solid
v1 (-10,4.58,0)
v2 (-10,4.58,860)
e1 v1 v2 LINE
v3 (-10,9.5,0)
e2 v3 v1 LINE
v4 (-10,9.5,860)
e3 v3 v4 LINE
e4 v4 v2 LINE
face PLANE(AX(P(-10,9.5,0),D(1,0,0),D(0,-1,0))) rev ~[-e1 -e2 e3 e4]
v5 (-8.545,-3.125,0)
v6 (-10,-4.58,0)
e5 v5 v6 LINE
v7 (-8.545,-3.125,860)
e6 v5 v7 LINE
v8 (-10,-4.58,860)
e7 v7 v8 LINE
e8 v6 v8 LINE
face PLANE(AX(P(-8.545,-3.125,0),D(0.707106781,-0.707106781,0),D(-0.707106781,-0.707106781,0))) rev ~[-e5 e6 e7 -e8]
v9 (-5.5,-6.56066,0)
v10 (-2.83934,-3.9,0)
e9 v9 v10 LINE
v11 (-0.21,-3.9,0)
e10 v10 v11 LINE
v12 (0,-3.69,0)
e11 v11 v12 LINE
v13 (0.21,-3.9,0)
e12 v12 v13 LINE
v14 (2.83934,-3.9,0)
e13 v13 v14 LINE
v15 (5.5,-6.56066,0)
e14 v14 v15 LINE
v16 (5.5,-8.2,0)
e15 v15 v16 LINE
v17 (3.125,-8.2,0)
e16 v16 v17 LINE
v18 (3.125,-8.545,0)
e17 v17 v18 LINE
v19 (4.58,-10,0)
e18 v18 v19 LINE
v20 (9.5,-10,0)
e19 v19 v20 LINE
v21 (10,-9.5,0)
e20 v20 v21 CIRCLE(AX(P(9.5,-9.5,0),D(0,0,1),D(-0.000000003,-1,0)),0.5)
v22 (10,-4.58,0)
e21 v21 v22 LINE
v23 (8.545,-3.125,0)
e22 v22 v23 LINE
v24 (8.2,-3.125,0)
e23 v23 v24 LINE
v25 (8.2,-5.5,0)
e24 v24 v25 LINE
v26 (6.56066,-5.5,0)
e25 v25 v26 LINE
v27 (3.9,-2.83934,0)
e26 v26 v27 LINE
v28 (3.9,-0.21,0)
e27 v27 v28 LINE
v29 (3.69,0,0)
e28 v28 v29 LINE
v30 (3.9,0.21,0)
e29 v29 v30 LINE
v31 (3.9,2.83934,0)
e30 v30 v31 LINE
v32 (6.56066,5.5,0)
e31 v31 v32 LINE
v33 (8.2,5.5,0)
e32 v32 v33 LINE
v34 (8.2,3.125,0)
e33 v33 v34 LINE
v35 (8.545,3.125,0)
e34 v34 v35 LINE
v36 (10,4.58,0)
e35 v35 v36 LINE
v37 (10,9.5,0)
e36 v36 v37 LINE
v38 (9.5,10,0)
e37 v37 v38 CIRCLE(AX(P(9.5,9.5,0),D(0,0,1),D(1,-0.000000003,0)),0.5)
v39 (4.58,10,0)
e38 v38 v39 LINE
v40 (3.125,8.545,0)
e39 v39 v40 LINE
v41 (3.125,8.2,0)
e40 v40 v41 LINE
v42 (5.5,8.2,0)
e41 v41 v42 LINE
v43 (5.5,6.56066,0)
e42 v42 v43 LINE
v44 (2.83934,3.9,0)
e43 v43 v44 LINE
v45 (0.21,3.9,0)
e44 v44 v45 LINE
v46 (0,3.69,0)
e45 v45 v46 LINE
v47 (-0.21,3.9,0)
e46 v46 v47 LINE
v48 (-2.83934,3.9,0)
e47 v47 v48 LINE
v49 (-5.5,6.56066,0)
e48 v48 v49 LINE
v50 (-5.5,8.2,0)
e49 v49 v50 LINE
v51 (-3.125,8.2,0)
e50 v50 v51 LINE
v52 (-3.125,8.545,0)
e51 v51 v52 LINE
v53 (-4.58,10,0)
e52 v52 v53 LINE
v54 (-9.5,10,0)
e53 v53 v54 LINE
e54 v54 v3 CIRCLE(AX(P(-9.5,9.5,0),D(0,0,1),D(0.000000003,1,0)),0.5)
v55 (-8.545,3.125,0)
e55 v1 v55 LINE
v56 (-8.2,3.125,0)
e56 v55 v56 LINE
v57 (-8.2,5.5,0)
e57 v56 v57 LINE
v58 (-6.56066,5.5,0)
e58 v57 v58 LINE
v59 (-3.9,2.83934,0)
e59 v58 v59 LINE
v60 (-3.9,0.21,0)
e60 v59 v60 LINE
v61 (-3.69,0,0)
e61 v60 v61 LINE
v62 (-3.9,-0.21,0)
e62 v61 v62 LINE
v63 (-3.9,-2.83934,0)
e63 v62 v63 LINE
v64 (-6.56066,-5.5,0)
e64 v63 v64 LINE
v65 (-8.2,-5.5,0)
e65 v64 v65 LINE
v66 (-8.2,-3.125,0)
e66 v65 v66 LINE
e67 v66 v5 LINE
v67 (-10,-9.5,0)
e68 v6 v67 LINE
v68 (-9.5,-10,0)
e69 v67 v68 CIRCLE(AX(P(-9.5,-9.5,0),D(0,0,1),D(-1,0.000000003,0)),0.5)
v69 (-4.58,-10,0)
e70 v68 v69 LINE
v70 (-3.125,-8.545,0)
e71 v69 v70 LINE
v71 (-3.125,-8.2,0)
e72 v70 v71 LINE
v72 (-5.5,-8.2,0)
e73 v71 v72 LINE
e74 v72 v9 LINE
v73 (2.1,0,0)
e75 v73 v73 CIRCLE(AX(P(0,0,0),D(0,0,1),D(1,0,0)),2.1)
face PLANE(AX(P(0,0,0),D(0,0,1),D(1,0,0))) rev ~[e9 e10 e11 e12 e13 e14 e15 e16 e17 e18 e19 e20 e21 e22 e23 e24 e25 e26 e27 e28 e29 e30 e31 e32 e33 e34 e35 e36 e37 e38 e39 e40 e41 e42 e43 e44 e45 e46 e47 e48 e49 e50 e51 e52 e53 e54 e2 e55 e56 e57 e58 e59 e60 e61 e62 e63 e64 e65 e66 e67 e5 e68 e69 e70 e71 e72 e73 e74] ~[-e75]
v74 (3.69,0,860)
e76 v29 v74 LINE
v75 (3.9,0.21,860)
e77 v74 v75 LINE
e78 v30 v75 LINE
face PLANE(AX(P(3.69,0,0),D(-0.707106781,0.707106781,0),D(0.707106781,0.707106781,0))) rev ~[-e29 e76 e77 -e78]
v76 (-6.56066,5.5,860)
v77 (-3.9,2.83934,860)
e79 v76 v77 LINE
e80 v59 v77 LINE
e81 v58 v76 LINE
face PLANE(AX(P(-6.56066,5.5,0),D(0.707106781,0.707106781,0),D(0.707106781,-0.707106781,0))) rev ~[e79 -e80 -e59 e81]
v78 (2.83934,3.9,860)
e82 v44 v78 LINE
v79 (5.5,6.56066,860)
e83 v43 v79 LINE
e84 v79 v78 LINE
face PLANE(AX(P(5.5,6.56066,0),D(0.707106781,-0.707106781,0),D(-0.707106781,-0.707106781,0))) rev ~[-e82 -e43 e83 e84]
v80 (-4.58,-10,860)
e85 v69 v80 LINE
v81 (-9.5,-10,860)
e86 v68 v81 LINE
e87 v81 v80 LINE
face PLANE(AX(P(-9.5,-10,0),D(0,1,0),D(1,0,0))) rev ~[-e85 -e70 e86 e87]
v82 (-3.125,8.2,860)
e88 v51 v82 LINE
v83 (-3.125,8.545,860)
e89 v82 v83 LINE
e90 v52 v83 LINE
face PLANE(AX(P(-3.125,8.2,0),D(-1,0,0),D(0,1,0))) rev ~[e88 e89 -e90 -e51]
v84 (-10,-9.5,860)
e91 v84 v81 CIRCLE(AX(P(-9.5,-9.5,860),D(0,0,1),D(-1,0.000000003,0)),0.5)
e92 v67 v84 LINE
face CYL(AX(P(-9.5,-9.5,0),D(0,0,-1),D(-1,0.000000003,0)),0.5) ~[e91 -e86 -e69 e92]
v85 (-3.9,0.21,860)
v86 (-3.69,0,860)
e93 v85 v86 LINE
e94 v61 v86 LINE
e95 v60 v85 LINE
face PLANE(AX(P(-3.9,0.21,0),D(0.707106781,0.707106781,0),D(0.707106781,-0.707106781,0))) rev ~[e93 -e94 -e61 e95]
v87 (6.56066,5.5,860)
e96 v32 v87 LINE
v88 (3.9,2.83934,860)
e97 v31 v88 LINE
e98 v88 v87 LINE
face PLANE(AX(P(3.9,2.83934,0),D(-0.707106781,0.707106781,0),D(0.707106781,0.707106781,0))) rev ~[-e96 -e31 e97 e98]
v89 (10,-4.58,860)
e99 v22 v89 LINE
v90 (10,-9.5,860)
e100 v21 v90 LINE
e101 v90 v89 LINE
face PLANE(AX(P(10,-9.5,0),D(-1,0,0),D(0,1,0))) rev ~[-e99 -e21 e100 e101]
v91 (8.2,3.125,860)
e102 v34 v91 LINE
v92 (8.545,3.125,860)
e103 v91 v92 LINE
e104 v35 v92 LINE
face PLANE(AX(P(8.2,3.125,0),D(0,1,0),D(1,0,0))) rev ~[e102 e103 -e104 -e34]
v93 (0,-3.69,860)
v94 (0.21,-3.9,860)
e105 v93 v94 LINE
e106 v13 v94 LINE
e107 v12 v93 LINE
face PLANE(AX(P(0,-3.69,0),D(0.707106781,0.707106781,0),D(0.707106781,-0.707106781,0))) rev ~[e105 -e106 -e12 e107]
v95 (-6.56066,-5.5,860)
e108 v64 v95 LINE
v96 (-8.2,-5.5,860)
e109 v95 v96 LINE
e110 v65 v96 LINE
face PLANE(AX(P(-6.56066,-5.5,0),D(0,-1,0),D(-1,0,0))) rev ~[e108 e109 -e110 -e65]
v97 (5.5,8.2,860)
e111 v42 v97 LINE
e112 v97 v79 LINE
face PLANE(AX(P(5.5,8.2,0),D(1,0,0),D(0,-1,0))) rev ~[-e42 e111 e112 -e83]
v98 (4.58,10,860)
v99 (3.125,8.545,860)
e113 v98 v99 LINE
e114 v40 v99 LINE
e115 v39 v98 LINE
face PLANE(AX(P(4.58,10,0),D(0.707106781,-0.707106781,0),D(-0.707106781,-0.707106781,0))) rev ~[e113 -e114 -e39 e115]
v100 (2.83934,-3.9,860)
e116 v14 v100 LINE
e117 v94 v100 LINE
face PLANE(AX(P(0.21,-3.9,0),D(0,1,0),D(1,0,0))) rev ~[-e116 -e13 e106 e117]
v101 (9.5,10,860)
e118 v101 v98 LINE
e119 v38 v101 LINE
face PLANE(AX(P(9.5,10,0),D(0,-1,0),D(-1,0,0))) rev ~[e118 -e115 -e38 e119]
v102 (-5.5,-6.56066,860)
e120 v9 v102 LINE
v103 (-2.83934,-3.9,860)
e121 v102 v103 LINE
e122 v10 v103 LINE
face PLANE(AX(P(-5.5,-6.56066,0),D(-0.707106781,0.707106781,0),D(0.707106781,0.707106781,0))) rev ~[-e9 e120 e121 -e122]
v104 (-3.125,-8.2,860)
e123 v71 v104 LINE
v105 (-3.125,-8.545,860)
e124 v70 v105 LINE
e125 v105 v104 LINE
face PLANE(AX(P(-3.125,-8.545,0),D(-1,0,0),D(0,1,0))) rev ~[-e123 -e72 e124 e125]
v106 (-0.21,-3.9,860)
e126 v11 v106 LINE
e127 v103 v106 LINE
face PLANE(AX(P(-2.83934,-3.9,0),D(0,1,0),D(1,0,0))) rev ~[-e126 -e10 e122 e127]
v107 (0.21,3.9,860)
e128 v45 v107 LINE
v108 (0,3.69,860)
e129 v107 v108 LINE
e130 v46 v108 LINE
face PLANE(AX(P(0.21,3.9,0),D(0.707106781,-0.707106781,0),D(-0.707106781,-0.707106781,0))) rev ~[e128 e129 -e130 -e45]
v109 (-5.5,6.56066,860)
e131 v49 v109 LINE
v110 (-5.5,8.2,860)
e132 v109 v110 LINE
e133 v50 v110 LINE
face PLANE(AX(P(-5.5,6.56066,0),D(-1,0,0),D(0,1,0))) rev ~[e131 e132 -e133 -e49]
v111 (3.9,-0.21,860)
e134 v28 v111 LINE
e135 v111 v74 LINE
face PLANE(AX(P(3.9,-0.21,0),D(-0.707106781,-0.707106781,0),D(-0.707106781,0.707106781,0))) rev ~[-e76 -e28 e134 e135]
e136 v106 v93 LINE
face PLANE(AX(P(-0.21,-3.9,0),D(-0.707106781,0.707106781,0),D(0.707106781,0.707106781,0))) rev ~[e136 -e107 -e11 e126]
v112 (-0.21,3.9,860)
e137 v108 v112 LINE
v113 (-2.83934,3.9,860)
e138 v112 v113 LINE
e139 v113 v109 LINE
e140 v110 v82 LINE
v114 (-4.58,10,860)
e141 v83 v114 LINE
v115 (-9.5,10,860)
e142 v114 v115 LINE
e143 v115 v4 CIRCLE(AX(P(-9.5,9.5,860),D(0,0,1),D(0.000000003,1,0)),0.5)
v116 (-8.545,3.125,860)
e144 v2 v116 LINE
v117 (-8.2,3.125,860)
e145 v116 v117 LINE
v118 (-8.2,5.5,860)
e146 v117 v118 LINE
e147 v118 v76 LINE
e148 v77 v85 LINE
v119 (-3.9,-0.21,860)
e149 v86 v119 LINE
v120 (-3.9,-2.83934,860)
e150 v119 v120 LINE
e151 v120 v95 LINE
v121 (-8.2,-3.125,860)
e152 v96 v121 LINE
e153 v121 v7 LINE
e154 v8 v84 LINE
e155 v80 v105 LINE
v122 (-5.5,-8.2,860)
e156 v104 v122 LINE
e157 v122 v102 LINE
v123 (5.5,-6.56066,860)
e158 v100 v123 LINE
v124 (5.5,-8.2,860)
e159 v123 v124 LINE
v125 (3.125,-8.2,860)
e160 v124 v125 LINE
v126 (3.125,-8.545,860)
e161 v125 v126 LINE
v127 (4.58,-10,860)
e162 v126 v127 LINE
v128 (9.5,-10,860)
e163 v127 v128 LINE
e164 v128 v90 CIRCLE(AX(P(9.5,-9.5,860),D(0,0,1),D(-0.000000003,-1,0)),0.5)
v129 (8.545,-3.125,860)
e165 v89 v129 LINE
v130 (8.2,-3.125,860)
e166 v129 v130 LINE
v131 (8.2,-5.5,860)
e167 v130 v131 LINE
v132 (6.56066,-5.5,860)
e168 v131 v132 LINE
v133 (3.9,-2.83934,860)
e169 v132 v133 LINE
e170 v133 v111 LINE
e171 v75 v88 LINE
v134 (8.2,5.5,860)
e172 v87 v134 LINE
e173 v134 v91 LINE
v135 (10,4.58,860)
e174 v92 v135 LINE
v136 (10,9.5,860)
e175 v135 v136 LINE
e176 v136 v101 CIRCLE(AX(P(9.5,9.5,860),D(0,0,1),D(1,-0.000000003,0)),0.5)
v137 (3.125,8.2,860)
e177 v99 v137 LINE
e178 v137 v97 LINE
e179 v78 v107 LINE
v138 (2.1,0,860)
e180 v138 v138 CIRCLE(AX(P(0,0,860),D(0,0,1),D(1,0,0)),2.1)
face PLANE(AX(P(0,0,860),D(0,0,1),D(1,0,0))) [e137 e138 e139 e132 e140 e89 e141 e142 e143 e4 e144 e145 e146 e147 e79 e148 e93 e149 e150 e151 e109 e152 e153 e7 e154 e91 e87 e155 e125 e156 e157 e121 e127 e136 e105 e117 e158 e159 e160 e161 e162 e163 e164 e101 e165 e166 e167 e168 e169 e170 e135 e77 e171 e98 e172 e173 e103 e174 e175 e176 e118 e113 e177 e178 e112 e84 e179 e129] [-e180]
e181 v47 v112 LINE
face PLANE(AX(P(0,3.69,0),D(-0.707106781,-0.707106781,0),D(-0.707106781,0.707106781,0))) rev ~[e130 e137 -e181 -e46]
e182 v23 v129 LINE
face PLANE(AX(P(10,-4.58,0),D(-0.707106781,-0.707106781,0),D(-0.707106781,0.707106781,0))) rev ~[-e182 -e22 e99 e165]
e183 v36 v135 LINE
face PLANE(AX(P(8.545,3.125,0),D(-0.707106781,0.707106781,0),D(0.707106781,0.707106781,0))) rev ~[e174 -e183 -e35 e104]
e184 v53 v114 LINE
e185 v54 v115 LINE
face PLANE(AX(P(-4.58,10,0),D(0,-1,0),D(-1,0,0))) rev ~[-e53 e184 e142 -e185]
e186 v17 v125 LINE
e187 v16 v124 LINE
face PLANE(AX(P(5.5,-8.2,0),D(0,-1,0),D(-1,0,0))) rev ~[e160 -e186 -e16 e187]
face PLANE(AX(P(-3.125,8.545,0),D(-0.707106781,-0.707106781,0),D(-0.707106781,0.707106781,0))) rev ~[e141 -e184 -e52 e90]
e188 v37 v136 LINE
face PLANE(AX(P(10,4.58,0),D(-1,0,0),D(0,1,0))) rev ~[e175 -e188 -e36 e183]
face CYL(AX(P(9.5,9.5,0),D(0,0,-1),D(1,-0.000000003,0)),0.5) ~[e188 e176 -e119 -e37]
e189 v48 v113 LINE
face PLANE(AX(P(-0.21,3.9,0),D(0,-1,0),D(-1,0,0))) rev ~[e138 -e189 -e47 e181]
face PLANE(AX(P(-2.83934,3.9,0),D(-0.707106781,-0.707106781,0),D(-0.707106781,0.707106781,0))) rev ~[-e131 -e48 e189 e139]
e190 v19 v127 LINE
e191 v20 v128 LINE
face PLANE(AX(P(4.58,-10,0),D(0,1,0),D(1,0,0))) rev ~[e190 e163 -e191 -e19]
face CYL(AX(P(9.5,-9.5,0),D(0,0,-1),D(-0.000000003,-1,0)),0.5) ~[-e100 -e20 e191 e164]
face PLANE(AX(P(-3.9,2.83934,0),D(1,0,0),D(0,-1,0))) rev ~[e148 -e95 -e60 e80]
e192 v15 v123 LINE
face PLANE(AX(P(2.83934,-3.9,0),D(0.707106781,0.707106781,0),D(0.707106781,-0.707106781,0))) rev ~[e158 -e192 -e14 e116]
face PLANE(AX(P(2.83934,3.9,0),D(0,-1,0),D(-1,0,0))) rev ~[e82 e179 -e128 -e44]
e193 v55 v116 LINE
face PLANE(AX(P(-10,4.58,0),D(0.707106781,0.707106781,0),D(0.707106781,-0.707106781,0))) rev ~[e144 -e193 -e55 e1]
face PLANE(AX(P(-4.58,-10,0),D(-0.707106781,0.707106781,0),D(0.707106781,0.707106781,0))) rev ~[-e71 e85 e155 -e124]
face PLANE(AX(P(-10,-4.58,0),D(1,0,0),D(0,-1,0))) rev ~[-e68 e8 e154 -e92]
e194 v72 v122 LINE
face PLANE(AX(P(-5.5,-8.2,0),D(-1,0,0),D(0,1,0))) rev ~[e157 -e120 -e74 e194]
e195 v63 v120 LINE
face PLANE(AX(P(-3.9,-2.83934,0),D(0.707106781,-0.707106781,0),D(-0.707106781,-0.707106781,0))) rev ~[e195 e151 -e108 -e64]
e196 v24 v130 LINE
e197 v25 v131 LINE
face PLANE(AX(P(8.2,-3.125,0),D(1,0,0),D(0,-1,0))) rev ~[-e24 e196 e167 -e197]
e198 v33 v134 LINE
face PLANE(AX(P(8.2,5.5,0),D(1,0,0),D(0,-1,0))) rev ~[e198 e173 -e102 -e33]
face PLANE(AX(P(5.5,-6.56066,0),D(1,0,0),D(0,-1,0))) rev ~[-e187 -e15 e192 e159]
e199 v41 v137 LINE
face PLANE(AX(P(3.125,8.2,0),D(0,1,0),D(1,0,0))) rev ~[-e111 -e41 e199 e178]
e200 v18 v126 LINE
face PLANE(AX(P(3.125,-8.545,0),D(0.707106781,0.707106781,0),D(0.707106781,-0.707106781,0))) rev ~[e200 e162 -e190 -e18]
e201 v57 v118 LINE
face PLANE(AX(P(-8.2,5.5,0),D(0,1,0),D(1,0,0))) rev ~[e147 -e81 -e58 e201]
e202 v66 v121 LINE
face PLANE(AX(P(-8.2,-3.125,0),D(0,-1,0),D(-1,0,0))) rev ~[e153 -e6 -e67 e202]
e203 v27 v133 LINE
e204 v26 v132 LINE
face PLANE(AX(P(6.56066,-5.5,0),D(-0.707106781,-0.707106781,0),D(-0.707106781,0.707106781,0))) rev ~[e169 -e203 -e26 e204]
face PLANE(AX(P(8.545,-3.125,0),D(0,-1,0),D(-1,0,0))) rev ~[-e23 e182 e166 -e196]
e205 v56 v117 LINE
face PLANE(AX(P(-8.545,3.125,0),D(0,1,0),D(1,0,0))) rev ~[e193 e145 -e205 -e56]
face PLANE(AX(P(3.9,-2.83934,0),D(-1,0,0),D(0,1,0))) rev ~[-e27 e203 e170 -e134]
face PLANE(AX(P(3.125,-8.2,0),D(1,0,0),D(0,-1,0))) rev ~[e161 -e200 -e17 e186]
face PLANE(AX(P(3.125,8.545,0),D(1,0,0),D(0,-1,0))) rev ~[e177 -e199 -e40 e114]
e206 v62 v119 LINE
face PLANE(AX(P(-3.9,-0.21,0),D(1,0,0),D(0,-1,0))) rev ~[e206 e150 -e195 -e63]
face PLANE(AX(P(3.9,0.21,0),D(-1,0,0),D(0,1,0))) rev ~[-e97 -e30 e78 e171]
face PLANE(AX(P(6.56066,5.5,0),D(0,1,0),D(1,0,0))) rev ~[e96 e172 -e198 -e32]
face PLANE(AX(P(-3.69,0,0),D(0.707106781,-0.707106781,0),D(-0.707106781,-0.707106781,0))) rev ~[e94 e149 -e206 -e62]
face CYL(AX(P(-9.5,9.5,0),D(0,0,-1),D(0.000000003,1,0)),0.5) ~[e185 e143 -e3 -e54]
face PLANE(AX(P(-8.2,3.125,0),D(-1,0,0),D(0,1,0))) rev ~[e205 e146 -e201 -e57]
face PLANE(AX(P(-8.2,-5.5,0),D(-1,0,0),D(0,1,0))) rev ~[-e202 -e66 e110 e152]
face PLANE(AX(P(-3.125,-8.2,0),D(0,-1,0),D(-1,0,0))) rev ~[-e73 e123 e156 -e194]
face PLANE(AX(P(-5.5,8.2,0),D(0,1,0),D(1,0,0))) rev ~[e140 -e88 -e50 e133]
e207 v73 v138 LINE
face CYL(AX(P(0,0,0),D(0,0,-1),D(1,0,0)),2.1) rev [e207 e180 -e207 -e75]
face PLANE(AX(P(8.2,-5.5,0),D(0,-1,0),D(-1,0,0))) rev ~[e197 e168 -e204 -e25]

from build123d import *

# Parameters (mm, degrees)
SKETCH1_R           = 2.1
BOSS_EXTRUDE1_DEPTH = 860


with BuildPart() as part:
    # Sketch1 → Boss-Extrude1 (new body)
    with BuildSketch(Plane.XY):
        with BuildLine():
            Line((4.58, -10), (9.5, -10))
            ThreePointArc((9.5, -10), (9.853553391, -9.853553391), (10, -9.5))
            Line((10, -9.5), (10, -4.58))
            Line((10, -4.58), (8.545, -3.125))
            Line((8.545, -3.125), (8.2, -3.125))
            Line((8.2, -3.125), (8.2, -5.5))
            Line((8.2, -5.5), (6.560660172, -5.5))
            Line((6.560660172, -5.5), (3.9, -2.839339828))
            Line((3.9, -2.839339828), (3.9, -0.21))
            Line((3.9, -0.21), (3.69, 0))
            Line((3.69, 0), (3.9, 0.21))
            Line((3.9, 0.21), (3.9, 2.839339828))
            Line((3.9, 2.839339828), (6.560660172, 5.5))
            Line((6.560660172, 5.5), (8.2, 5.5))
            Line((8.2, 5.5), (8.2, 3.125))
            Line((8.2, 3.125), (8.545, 3.125))
            Line((8.545, 3.125), (10, 4.58))
            Line((10, 4.58), (10, 9.5))
            ThreePointArc((10, 9.5), (9.853553391, 9.853553391), (9.5, 10))
            Line((9.5, 10), (4.58, 10))
            Line((4.58, 10), (3.125, 8.545))
            Line((3.125, 8.545), (3.125, 8.2))
            Line((3.125, 8.2), (5.5, 8.2))
            Line((5.5, 8.2), (5.5, 6.560660172))
            Line((5.5, 6.560660172), (2.839339828, 3.9))
            Line((2.839339828, 3.9), (0.21, 3.9))
            Line((0.21, 3.9), (0, 3.69))
            Line((0, 3.69), (-0.21, 3.9))
            Line((-0.21, 3.9), (-2.839339828, 3.9))
            Line((-2.839339828, 3.9), (-5.5, 6.560660172))
            Line((-5.5, 6.560660172), (-5.5, 8.2))
            Line((-5.5, 8.2), (-3.125, 8.2))
            Line((-3.125, 8.2), (-3.125, 8.545))
            Line((-3.125, 8.545), (-4.58, 10))
            Line((-4.58, 10), (-9.5, 10))
            ThreePointArc((-9.5, 10), (-9.853553391, 9.853553391), (-10, 9.5))
            Line((-10, 9.5), (-10, 4.58))
            Line((-10, 4.58), (-8.545, 3.125))
            Line((-8.545, 3.125), (-8.2, 3.125))
            Line((-8.2, 3.125), (-8.2, 5.5))
            Line((-8.2, 5.5), (-6.560660172, 5.5))
            Line((-6.560660172, 5.5), (-3.9, 2.839339828))
            Line((-3.9, 2.839339828), (-3.9, 0.21))
            Line((-3.9, 0.21), (-3.69, 0))
            Line((-3.69, 0), (-3.9, -0.21))
            Line((-3.9, -0.21), (-3.9, -2.839339828))
            Line((-3.9, -2.839339828), (-6.560660172, -5.5))
            Line((-6.560660172, -5.5), (-8.2, -5.5))
            Line((-8.2, -5.5), (-8.2, -3.125))
            Line((-8.2, -3.125), (-8.545, -3.125))
            Line((-8.545, -3.125), (-10, -4.58))
            Line((-10, -4.58), (-10, -9.5))
            ThreePointArc((-10, -9.5), (-9.853553391, -9.853553391), (-9.5, -10))
            Line((-9.5, -10), (-4.58, -10))
            Line((-4.58, -10), (-3.125, -8.545))
            Line((-3.125, -8.545), (-3.125, -8.2))
            Line((-3.125, -8.2), (-5.5, -8.2))
            Line((-5.5, -8.2), (-5.5, -6.560660172))
            Line((-5.5, -6.560660172), (-2.839339828, -3.9))
            Line((-2.839339828, -3.9), (-0.21, -3.9))
            Line((-0.21, -3.9), (0, -3.69))
            Line((0, -3.69), (0.21, -3.9))
            Line((0.21, -3.9), (2.839339828, -3.9))
            Line((2.839339828, -3.9), (5.5, -6.560660172))
            Line((5.5, -6.560660172), (5.5, -8.2))
            Line((5.5, -8.2), (3.125, -8.2))
            Line((3.125, -8.2), (3.125, -8.545))
            Line((3.125, -8.545), (4.58, -10))
        make_face()
        Circle(SKETCH1_R, mode=Mode.SUBTRACT)
    extrude(amount=BOSS_EXTRUDE1_DEPTH)


solid = part.part
